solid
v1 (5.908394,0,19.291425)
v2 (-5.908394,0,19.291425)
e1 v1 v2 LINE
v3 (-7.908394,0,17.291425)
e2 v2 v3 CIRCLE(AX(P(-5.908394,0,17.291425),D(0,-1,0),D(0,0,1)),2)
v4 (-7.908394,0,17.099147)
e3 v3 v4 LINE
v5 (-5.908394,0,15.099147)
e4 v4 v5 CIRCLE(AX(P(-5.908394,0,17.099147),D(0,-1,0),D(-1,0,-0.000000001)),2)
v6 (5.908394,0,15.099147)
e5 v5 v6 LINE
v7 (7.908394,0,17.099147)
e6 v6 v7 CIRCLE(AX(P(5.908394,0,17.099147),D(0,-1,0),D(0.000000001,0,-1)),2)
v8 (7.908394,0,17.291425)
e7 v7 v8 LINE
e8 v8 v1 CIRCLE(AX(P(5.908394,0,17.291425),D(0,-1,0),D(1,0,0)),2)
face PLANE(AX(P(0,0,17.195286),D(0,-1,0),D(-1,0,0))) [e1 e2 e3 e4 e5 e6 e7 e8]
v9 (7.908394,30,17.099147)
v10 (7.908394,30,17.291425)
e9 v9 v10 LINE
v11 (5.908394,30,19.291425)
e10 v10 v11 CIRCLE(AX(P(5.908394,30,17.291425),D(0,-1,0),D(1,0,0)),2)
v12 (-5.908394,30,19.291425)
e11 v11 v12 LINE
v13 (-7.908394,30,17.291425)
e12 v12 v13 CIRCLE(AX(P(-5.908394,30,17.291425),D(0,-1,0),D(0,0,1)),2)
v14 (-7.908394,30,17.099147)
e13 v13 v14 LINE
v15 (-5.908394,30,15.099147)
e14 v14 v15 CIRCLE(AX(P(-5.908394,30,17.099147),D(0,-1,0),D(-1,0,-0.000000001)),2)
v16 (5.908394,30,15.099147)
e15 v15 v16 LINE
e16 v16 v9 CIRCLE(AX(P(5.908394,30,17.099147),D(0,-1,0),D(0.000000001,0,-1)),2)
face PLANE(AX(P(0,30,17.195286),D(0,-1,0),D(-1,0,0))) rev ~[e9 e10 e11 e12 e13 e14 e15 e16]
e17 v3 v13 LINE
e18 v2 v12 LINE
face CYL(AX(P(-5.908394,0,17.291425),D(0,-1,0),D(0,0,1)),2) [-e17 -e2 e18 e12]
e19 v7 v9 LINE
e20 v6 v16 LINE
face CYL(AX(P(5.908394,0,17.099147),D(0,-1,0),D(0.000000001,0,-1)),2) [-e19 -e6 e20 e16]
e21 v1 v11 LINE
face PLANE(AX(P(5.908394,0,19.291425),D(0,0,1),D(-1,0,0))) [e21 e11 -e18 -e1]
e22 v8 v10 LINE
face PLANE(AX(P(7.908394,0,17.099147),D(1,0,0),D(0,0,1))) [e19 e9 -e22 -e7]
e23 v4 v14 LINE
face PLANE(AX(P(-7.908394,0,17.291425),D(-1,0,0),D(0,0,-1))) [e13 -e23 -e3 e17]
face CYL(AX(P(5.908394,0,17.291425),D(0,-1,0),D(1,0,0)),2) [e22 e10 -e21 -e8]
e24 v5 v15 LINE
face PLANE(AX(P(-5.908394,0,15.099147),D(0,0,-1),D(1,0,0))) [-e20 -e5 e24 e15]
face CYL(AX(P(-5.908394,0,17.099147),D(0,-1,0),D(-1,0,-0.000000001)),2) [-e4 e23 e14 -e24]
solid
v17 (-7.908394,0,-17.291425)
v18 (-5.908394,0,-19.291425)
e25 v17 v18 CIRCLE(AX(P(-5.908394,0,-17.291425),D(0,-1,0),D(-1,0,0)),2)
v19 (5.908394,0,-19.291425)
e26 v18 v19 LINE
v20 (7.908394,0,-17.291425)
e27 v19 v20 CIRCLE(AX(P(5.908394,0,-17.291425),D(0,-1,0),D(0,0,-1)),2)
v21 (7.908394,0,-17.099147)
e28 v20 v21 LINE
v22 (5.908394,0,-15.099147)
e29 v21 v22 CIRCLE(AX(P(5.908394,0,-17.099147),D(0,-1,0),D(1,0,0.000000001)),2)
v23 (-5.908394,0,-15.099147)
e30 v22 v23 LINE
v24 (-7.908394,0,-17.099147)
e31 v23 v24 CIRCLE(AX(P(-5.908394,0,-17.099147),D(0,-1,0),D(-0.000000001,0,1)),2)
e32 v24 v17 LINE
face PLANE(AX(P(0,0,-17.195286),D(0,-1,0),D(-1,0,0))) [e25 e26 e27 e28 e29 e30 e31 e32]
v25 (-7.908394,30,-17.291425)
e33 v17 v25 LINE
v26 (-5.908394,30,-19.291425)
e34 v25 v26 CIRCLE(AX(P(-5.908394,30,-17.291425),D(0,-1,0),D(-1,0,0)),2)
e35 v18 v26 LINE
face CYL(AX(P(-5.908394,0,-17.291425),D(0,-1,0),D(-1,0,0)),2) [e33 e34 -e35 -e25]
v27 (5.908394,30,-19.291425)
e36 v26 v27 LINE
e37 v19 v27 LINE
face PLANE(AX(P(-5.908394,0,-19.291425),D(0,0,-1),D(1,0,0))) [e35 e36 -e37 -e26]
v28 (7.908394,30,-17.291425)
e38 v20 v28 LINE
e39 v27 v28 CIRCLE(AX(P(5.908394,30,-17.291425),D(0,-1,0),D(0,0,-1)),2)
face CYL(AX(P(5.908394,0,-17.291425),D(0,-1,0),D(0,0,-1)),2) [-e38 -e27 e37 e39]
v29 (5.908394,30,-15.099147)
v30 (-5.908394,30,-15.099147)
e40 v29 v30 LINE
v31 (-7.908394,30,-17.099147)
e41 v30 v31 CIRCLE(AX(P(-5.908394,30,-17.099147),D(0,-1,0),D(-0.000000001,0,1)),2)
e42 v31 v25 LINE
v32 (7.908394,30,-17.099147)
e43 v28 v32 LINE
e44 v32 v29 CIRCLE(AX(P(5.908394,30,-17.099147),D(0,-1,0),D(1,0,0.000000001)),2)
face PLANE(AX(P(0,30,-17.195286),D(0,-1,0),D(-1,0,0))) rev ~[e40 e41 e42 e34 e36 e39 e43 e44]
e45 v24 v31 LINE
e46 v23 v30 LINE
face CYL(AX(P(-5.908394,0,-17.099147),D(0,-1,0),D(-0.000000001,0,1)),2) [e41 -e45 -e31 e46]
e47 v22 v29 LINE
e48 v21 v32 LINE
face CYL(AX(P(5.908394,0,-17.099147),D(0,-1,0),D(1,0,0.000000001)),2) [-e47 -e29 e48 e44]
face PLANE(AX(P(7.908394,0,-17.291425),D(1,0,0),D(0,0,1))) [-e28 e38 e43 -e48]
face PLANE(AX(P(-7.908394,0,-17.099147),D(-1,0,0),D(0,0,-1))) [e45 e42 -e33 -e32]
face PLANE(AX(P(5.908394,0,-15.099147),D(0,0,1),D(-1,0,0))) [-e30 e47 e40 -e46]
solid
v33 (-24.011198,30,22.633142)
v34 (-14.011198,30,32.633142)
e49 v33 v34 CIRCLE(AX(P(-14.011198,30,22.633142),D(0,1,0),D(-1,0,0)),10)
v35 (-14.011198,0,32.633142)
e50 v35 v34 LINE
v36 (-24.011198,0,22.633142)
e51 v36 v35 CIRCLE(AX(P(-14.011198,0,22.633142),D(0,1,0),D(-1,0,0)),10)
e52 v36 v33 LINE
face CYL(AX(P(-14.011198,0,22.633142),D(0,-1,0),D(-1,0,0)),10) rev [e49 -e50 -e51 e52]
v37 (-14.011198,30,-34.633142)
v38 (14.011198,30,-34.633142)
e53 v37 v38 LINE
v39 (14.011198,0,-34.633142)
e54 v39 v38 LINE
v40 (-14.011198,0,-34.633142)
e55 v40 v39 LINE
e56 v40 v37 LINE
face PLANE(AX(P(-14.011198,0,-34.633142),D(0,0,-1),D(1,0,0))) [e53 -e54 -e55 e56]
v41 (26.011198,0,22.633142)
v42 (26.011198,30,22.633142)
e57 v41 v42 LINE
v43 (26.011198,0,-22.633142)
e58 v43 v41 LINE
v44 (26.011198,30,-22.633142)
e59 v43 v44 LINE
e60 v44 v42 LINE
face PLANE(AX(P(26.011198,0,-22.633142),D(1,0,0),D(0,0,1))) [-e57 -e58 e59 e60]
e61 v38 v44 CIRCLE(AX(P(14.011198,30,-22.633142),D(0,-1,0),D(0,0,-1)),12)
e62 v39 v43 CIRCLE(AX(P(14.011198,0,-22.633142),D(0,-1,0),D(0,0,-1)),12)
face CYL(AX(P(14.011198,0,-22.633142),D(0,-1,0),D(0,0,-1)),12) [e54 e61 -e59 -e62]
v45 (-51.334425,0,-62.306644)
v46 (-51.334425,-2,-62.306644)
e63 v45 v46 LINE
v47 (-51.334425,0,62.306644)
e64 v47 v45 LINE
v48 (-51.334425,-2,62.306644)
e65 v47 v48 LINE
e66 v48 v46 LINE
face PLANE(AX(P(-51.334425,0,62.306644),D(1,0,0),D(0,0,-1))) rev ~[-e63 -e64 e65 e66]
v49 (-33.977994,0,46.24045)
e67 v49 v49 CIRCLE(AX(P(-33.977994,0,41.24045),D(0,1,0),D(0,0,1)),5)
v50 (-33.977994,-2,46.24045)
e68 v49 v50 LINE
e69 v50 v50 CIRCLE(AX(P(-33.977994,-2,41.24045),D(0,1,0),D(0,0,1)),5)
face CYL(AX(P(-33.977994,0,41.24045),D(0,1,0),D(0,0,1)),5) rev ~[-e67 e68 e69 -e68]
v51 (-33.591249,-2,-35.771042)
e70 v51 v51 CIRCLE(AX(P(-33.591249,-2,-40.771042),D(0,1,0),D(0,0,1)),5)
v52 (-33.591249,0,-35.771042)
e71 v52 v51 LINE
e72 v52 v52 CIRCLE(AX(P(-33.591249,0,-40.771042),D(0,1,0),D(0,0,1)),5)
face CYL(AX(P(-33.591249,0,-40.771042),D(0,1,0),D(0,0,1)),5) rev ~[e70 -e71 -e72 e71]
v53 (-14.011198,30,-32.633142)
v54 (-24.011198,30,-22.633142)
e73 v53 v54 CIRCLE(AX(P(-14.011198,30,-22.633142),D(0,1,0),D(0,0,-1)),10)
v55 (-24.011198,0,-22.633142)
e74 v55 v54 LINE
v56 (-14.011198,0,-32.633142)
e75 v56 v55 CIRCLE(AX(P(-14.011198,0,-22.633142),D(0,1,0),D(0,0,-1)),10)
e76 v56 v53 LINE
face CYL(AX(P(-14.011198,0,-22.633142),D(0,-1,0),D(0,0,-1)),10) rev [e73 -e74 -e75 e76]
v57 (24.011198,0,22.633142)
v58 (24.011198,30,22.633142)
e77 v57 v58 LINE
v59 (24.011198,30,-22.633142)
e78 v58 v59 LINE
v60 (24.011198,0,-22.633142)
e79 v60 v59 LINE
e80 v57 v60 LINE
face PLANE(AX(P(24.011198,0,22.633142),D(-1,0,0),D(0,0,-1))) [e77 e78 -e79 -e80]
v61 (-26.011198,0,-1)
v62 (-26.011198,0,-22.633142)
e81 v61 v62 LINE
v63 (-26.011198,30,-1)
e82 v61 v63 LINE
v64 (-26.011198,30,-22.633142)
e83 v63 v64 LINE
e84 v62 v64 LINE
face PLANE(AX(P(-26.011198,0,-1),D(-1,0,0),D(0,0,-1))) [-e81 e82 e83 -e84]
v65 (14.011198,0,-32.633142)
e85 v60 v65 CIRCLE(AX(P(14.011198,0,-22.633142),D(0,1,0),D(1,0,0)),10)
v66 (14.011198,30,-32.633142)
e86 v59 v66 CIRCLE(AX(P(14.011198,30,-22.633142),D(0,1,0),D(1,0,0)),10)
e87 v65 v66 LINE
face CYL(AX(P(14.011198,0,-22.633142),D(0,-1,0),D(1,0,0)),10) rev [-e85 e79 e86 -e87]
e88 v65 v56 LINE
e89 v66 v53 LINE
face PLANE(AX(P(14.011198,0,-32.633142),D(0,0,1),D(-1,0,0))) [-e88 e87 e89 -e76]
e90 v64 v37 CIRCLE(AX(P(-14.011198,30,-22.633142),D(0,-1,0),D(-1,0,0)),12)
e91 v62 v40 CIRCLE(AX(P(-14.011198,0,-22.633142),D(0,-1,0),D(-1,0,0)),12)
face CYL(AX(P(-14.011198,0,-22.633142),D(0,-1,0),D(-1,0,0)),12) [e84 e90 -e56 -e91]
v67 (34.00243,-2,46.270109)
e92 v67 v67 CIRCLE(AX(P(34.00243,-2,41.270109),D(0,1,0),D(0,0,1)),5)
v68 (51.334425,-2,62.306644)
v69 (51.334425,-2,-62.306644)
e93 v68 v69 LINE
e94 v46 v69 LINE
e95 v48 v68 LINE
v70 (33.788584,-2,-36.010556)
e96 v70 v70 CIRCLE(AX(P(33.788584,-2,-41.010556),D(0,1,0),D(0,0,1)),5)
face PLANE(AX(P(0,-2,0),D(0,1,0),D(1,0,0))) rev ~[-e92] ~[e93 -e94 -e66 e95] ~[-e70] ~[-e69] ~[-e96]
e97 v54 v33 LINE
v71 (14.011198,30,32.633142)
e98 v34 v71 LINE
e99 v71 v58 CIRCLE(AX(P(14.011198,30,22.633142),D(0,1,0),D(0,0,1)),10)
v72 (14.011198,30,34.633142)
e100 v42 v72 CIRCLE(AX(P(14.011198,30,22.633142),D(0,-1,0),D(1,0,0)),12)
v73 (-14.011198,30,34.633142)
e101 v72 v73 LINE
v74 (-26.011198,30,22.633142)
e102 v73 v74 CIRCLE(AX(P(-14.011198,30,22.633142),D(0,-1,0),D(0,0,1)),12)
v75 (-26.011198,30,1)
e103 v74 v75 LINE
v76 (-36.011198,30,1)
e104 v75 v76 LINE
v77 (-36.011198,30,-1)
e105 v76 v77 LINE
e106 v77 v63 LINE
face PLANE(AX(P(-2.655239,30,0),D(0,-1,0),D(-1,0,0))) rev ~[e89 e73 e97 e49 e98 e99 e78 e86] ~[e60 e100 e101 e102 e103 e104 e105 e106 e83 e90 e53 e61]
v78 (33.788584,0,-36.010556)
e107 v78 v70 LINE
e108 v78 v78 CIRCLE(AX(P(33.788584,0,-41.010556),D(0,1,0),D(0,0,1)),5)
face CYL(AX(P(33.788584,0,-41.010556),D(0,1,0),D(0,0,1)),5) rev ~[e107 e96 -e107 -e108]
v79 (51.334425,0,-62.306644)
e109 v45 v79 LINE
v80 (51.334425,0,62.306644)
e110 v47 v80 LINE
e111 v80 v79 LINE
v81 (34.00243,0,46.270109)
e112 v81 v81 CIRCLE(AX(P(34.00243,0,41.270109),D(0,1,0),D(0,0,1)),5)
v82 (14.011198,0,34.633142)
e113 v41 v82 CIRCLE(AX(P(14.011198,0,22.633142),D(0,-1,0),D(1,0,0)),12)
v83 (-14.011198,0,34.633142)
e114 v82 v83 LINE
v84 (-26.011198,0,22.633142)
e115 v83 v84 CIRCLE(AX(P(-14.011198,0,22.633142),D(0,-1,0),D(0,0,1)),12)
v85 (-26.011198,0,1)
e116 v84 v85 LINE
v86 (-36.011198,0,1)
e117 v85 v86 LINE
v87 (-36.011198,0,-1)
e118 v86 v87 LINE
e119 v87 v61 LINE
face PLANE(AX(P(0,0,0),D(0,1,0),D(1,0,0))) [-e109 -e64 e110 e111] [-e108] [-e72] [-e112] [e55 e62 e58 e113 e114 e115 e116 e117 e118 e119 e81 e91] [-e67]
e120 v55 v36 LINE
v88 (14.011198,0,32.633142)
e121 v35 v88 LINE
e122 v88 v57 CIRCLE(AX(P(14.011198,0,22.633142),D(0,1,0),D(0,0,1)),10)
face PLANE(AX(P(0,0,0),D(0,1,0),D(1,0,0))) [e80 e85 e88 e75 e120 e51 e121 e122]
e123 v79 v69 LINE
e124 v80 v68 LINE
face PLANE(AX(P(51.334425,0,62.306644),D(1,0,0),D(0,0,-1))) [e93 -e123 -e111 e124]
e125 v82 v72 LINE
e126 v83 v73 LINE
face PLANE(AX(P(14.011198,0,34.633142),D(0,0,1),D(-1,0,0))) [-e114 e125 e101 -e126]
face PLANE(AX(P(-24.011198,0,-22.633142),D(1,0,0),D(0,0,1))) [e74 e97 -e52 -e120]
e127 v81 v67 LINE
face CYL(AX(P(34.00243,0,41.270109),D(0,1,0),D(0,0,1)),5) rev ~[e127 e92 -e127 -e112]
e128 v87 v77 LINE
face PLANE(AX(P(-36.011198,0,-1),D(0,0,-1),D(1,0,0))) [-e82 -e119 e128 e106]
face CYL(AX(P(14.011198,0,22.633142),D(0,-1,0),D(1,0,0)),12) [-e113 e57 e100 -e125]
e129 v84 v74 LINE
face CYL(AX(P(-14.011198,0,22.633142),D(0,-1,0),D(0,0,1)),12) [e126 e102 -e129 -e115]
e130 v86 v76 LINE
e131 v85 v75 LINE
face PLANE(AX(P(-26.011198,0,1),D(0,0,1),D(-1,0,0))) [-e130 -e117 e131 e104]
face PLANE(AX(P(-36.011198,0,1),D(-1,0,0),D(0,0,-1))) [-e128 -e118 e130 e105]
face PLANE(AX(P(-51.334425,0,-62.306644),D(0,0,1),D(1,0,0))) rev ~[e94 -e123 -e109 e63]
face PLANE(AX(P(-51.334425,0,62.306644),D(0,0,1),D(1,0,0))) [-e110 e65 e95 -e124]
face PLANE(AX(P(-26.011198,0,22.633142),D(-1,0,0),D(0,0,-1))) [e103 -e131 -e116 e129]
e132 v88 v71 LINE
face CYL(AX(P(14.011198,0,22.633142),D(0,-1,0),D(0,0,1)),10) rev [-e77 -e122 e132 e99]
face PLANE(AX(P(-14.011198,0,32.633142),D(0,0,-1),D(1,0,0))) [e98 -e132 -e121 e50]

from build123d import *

# Parameters (mm, degrees)
EXTRUDE_1_DEPTH   = 30
EXTRUDE_1_2_DEPTH = 30
EXTRUDE_1_3_DEPTH = 30
SKETCH_2_W        = 102.668849522
SKETCH_2_H        = 124.613288396
SKETCH_2_R        = 5
EXTRUDE_2_DEPTH   = 2


with BuildPart() as part:
    # 草图1 → 凸台-拉伸1 (new body)
    with BuildSketch(Plane(origin=(0, 0, 0), x_dir=(1, 0, 0), z_dir=(0, 1, 0))):
        with BuildLine():
            ThreePointArc((-26.011198321, 22.633142138), (-22.496479695, 31.118423512), (-14.011198321, 34.633142138))
            Line((-14.011198321, 34.633142138), (14.011198321, 34.633142138))
            ThreePointArc((14.011198321, 34.633142138), (22.496479695, 31.118423512), (26.011198321, 22.633142138))
            Line((26.011198321, 22.633142138), (26.011198321, -22.633142138))
            ThreePointArc((26.011198321, -22.633142138), (22.496479695, -31.118423512), (14.011198321, -34.633142138))
            Line((14.011198321, -34.633142138), (-14.011198321, -34.633142138))
            ThreePointArc((-14.011198321, -34.633142138), (-22.496479695, -31.118423512), (-26.011198321, -22.633142138))
            Line((-26.011198321, -22.633142138), (-26.011198321, -1))
            Line((-26.011198321, -1), (-36.011198321, -1))
            Line((-36.011198321, -1), (-36.011198321, 1))
            Line((-36.011198321, 1), (-26.011198321, 1))
            Line((-26.011198321, 1), (-26.011198321, 22.633142138))
        make_face()
        with BuildLine():
            Line((-24.011198321, 22.633142138), (-24.011198321, -22.633142138))
            ThreePointArc((-24.011198321, -22.633142138), (-21.082266133, -29.70420995), (-14.011198321, -32.633142138))
            Line((-14.011198321, -32.633142138), (14.011198321, -32.633142138))
            ThreePointArc((14.011198321, -32.633142138), (21.082266133, -29.70420995), (24.011198321, -22.633142138))
            Line((24.011198321, -22.633142138), (24.011198321, 22.633142138))
            ThreePointArc((24.011198321, 22.633142138), (21.082266133, 29.70420995), (14.011198321, 32.633142138))
            Line((14.011198321, 32.633142138), (-14.011198321, 32.633142138))
            ThreePointArc((-14.011198321, 32.633142138), (-21.082266133, 29.70420995), (-24.011198321, 22.633142138))
        make_face(mode=Mode.SUBTRACT)
    extrude(amount=EXTRUDE_1_DEPTH)

    # 草图2 → 凸台-拉伸2 (add)
    with BuildSketch(Plane(origin=(0, 0, 0), x_dir=(1, 0, 0), z_dir=(0, 1, 0))):
        Rectangle(SKETCH_2_W, SKETCH_2_H)
        with Locations(Location((-33.977994318, -41.240450485, 0), (0, 0, 270))):
            Circle(SKETCH_2_R, mode=Mode.SUBTRACT)
        with Locations(Location((34.002429765, -41.270108764, 0), (0, 0, 270))):
            Circle(SKETCH_2_R, mode=Mode.SUBTRACT)
        with Locations(Location((33.788584472, 41.01055618, 0), (0, 0, 270))):
            Circle(SKETCH_2_R, mode=Mode.SUBTRACT)
        with Locations(Location((-33.591248628, 40.771041775, 0), (0, 0, 270))):
            Circle(SKETCH_2_R, mode=Mode.SUBTRACT)
    extrude(amount=-EXTRUDE_2_DEPTH)


with BuildPart() as body_2:
    # 草图1 → Extrude 1 2 (new body)
    with BuildSketch(Plane(origin=(0, 0, 0), x_dir=(1, 0, 0), z_dir=(0, 1, 0))):
        with BuildLine():
            ThreePointArc((5.908394367, 19.291424928), (7.322607929, 18.705638491), (7.908394367, 17.291424928))
            Line((7.908394367, 17.291424928), (7.908394367, 17.099147011))
            ThreePointArc((7.908394367, 17.099147011), (7.322607929, 15.684933449), (5.908394367, 15.099147011))
            Line((5.908394367, 15.099147011), (-5.908394367, 15.099147011))
            ThreePointArc((-5.908394367, 15.099147011), (-7.322607929, 15.684933449), (-7.908394367, 17.099147011))
            Line((-7.908394367, 17.099147011), (-7.908394367, 17.291424928))
            ThreePointArc((-7.908394367, 17.291424928), (-7.322607929, 18.705638491), (-5.908394367, 19.291424928))
            Line((-5.908394367, 19.291424928), (5.908394367, 19.291424928))
        make_face()
    extrude(amount=EXTRUDE_1_2_DEPTH)


with BuildPart() as body_3:
    # 草图1 → Extrude 1 3 (new body)
    with BuildSketch(Plane(origin=(0, 0, 0), x_dir=(1, 0, 0), z_dir=(0, 1, 0))):
        with BuildLine():
            Line((-7.908394367, -17.291424928), (-7.908394367, -17.099147011))
            ThreePointArc((-7.908394367, -17.099147011), (-7.322607929, -15.684933449), (-5.908394367, -15.099147011))
            Line((-5.908394367, -15.099147011), (5.908394367, -15.099147011))
            ThreePointArc((5.908394367, -15.099147011), (7.322607929, -15.684933449), (7.908394367, -17.099147011))
            Line((7.908394367, -17.099147011), (7.908394367, -17.291424928))
            ThreePointArc((7.908394367, -17.291424928), (7.322607929, -18.705638491), (5.908394367, -19.291424928))
            Line((5.908394367, -19.291424928), (-5.908394367, -19.291424928))
            ThreePointArc((-5.908394367, -19.291424928), (-7.322607929, -18.705638491), (-7.908394367, -17.291424928))
        make_face()
    extrude(amount=EXTRUDE_1_3_DEPTH)


solid = Compound([part.part, body_2.part, body_3.part])
